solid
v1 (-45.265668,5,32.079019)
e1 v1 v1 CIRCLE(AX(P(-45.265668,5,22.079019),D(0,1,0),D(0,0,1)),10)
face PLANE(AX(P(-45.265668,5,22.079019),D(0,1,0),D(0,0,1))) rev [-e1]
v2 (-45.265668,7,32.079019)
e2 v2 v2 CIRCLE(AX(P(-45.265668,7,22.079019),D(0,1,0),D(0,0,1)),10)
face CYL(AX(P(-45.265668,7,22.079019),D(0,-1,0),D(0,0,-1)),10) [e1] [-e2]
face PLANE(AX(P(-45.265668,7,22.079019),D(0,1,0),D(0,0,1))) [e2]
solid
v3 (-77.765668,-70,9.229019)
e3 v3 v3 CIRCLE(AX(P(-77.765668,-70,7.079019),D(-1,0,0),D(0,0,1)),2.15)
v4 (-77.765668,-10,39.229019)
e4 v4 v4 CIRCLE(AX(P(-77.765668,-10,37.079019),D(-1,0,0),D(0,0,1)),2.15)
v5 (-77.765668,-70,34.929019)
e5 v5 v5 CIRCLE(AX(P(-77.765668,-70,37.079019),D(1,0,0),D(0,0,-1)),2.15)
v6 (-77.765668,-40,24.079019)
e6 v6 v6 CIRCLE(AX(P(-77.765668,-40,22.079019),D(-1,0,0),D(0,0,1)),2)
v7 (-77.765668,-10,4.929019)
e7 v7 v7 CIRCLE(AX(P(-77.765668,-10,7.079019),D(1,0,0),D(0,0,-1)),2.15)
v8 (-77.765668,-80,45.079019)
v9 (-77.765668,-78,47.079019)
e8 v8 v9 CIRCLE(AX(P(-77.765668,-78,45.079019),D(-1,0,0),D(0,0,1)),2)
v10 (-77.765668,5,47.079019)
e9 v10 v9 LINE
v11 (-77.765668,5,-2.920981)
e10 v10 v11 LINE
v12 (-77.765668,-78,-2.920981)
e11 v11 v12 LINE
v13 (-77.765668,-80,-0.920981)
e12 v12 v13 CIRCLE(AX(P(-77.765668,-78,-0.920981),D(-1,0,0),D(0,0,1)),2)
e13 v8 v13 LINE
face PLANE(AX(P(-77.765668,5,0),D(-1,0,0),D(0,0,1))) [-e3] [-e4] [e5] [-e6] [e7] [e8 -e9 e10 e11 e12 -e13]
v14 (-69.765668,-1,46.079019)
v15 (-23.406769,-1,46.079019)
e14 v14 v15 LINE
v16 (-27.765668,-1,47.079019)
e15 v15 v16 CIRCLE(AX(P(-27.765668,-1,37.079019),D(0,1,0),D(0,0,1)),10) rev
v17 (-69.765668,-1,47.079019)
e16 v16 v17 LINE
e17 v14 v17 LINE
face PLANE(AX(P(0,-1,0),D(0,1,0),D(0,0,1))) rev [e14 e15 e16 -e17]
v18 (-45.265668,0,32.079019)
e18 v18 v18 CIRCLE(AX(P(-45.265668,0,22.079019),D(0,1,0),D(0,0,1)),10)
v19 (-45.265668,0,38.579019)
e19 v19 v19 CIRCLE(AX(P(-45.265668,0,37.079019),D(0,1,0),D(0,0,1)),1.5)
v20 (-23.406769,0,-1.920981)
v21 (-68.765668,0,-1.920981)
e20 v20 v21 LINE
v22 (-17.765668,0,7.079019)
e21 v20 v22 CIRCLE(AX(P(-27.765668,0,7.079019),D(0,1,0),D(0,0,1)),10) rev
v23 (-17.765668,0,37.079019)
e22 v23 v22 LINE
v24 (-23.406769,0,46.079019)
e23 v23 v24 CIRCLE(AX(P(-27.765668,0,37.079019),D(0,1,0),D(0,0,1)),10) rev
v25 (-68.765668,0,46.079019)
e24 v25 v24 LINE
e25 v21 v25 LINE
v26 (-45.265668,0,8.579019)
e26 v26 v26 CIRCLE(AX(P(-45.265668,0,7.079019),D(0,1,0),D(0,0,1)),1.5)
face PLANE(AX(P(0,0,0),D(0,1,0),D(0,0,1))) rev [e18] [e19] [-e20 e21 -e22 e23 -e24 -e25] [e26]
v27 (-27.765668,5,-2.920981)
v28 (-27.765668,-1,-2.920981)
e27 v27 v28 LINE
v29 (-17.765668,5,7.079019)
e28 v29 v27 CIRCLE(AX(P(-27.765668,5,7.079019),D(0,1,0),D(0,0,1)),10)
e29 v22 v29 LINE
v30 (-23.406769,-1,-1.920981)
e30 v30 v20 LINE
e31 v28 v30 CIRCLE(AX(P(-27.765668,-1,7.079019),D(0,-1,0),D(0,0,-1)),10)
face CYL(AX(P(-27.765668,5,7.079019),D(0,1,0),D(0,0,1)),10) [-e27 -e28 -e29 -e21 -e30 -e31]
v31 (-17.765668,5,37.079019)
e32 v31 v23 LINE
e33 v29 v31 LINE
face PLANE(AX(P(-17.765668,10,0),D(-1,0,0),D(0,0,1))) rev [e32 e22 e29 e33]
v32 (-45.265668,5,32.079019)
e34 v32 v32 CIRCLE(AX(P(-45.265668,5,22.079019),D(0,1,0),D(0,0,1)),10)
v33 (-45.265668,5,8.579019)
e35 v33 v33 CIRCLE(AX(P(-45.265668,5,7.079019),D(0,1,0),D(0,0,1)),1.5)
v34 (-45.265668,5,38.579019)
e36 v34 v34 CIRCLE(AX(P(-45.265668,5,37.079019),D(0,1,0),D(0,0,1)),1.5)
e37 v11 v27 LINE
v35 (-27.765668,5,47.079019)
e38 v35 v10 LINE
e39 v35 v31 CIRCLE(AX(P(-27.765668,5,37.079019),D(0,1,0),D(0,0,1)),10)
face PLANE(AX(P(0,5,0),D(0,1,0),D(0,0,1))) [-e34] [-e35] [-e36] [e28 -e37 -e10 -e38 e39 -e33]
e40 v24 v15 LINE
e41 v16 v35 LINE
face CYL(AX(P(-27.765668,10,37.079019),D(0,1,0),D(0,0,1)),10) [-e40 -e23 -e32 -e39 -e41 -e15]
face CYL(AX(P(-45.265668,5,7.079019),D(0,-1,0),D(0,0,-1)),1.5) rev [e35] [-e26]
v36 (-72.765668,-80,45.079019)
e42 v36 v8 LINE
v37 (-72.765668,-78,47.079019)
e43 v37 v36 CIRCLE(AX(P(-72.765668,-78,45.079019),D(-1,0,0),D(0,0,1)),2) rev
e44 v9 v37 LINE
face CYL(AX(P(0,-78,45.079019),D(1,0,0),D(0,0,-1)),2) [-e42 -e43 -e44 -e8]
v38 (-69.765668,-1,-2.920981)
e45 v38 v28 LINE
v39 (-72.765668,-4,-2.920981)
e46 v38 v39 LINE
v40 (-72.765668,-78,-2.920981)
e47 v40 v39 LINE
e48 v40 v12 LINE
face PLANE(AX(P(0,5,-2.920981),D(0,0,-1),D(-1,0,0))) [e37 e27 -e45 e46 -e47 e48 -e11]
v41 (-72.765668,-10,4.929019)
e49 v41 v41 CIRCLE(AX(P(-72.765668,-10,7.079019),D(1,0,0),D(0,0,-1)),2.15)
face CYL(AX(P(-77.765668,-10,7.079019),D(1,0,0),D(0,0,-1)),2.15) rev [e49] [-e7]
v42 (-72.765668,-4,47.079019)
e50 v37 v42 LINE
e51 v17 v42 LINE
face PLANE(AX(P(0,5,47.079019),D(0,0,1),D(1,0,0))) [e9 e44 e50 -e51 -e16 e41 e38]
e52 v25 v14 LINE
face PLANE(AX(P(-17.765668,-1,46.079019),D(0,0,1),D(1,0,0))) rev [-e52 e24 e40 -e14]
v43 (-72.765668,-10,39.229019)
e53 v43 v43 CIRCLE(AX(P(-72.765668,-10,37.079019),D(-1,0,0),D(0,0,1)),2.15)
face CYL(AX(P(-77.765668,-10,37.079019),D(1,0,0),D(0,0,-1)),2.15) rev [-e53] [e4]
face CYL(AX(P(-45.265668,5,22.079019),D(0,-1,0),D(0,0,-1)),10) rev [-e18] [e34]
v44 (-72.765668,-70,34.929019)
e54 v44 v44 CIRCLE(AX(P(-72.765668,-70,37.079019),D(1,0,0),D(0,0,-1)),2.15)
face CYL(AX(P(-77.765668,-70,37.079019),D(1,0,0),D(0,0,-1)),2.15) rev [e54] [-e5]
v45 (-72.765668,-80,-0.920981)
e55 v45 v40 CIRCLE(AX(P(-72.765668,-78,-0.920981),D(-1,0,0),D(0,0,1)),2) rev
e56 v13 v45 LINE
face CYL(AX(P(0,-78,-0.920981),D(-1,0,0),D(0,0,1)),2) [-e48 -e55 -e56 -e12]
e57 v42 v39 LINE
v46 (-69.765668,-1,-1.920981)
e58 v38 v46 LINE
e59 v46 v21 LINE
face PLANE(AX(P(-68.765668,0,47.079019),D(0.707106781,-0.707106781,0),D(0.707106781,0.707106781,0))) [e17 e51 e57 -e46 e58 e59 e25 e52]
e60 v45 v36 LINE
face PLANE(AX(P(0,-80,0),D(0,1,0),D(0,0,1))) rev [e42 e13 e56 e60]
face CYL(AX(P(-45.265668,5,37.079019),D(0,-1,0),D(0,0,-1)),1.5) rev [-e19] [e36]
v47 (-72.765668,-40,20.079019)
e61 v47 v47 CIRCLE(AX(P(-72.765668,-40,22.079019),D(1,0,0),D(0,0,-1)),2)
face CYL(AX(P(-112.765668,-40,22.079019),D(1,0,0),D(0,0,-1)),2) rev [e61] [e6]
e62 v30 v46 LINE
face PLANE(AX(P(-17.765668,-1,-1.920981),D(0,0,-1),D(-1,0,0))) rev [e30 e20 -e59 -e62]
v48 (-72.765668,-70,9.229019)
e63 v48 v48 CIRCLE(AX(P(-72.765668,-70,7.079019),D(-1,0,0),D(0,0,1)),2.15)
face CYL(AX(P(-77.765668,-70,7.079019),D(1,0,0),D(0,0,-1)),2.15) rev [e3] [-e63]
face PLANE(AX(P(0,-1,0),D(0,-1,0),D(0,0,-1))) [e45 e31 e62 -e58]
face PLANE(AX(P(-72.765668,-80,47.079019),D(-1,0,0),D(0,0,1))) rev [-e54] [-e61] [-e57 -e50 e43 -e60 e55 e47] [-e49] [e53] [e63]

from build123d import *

# Parameters (mm, degrees)
SKETCH_1_R          = 1.5
SKETCH_1_R_2        = 10
EXTRUDE_2_DEPTH     = 5
SKETCH_3_W          = 5
SKETCH_3_H          = 50
EXTRUDE_4_DEPTH     = 80
SKETCH_4_R          = 2
CUT_EXTRUDE_1_DEPTH = 40
SKETCH_7_R          = 2.15
CUT_EXTRUDE_2_DEPTH = 120.337479599
CUT_EXTRUDE_3_DEPTH = 10
FILLET_2_R          = 2
SKETCH_13_W         = 50
SKETCH_13_H         = 4
EXTRUDE_5_DEPTH     = 4
CUT_EXTRUDE_4_DEPTH = 123.259965047
SKETCH_16_W         = 1
SKETCH_16_H         = 1
EXTRUDE_6_DEPTH     = 1
SKETCH_17_W         = 1
SKETCH_17_H         = 1
EXTRUDE_7_DEPTH     = 55
SKETCH_19_W         = 1
SKETCH_19_H         = 1
EXTRUDE_8_DEPTH     = 1
SKETCH_20_W         = 1
SKETCH_20_H         = 1
EXTRUDE_9_DEPTH     = 55
FILLET_3_R          = 10
SKETCH_21_R         = 10
EXTRUDE_10_DEPTH    = 2


with BuildPart() as part:
    # 草图1 → 凸台-拉伸2 (new body)
    with BuildSketch(Plane(origin=(0, 0, 0), x_dir=(1, 0, 0), z_dir=(0, 1, 0))):
        with BuildLine():
            Line((-77.765667575, 2.920980926), (-12.765667575, 2.920980926))
            ThreePointArc((-12.765667575, 2.920980926), (-2.159065857, -1.472417356), (2.234332425, -12.079019074))
            Line((2.234332425, -12.079019074), (2.234332425, -32.079019074))
            ThreePointArc((2.234332425, -32.079019074), (-2.159065857, -42.685620791), (-12.765667575, -47.079019074))
            Line((-12.765667575, -47.079019074), (-77.765667575, -47.079019074))
            Line((-77.765667575, -47.079019074), (-77.765667575, 2.920980926))
        make_face()
        with Locations(Location((-45.265667575, -37.079019074, 0), (0, 0, 270))):
            Circle(SKETCH_1_R, mode=Mode.SUBTRACT)
        with Locations(Location((-45.265667575, -22.079019074, 0), (0, 0, 270))):
            Circle(SKETCH_1_R_2, mode=Mode.SUBTRACT)
        with Locations(Location((-45.265667575, -7.079019074, 0), (0, 0, 270))):
            Circle(SKETCH_1_R, mode=Mode.SUBTRACT)
    extrude(amount=EXTRUDE_2_DEPTH)

    # 草图3 → 凸台-拉伸4 (add)
    with BuildSketch(Plane.XZ):
        with Locations((-75.265667575, 22.079019074)):
            Rectangle(SKETCH_3_W, SKETCH_3_H)
    extrude(amount=EXTRUDE_4_DEPTH)

    # 草图4 → 切除-拉伸1 (cut)
    with BuildSketch(Plane(origin=(-72.765667575, 0, 0), x_dir=(0, 0, -1), z_dir=(1, 0, 0))):
        with Locations((-22.079019074, -40)):
            Circle(SKETCH_4_R)
    extrude(amount=-CUT_EXTRUDE_1_DEPTH, mode=Mode.SUBTRACT)

    # 草图7 → 切除-拉伸2 (cut, through all)
    with BuildSketch(Plane(origin=(-72.765667575, 0, 0), x_dir=(0, 0, -1), z_dir=(1, 0, 0))):
        with Locations((-7.079019074, -10)):
            Circle(SKETCH_7_R)
        with Locations(Location((-37.079019074, -10, 0), (0, 0, 180))):
            Circle(SKETCH_7_R)
        with Locations(Location((-7.079019074, -70, 0), (0, 0, 180))):
            Circle(SKETCH_7_R)
        with Locations((-37.079019074, -70)):
            Circle(SKETCH_7_R)
    extrude(amount=-CUT_EXTRUDE_2_DEPTH, mode=Mode.SUBTRACT)

    # 草图12 → 切除-拉伸3 (cut)
    with BuildSketch(Plane.XZ):
        with BuildLine():
            Line((-17.765667575, 47.079019074), (-17.765667575, 22.079019074))
            Line((-17.765667575, 22.079019074), (-17.765667575, -2.920980926))
            Line((-17.765667575, -2.920980926), (-12.765667575, -2.920980926))
            ThreePointArc((-12.765667575, -2.920980926), (-2.159065857, 1.472417356), (2.234332425, 12.079019074))
            Line((2.234332425, 12.079019074), (2.234332425, 32.079019074))
            ThreePointArc((2.234332425, 32.079019074), (-2.159065857, 42.685620791), (-12.765667575, 47.079019074))
            Line((-12.765667575, 47.079019074), (-17.765667575, 47.079019074))
        make_face()
    extrude(amount=-CUT_EXTRUDE_3_DEPTH, mode=Mode.SUBTRACT)

    # 圆角2
    fillet_2_edges = [part.edges().sort_by_distance(p)[0] for p in [
        (-75.265667575, -80, -2.920980926),
        (-75.265667575, -80, 47.079019074),
    ]]
    fillet(fillet_2_edges, radius=FILLET_2_R)

    # 草图13 → 凸台-拉伸5 (add)
    with BuildSketch(Plane(origin=(-72.765667575, 0, 0), x_dir=(0, 0, -1), z_dir=(1, 0, 0))):
        with Locations((-22.079019074, -2)):
            Rectangle(SKETCH_13_W, SKETCH_13_H)
    extrude(amount=EXTRUDE_5_DEPTH)

    # 草图14 → 切除-拉伸4 (cut, through all)
    with BuildSketch(Plane(origin=(0, 0, -2.920980926), x_dir=(-1, 0, 0), z_dir=(0, 0, -1))):
        Polygon((68.765667575, 0), (72.765667575, -4), (68.765667575, -4), align=None)
    extrude(amount=-CUT_EXTRUDE_4_DEPTH, mode=Mode.SUBTRACT)

    # 草图16 → 凸台-拉伸6 (add)
    with BuildSketch(Plane.XZ):
        with Locations((-18.265667575, -2.420980926)):
            Rectangle(SKETCH_16_W, SKETCH_16_H)
    extrude(amount=EXTRUDE_6_DEPTH)

    # 草图17 → 凸台-拉伸7 (add)
    with BuildSketch(Plane.ZY.offset(18.765667575)):
        with Locations((-2.420980926, -0.5)):
            Rectangle(SKETCH_17_W, SKETCH_17_H)
    extrude(amount=EXTRUDE_7_DEPTH)

    # 草图19 → 凸台-拉伸8 (add)
    with BuildSketch(Plane.XZ):
        with Locations((-18.265667575, 46.579019074)):
            Rectangle(SKETCH_19_W, SKETCH_19_H)
    extrude(amount=EXTRUDE_8_DEPTH)

    # 草图20 → 凸台-拉伸9 (add)
    with BuildSketch(Plane.ZY.offset(18.765667575)):
        with Locations((46.579019074, -0.5)):
            Rectangle(SKETCH_20_W, SKETCH_20_H)
    extrude(amount=EXTRUDE_9_DEPTH)

    # 圆角3
    fillet_3_edges = [part.edges().sort_by_distance(p)[0] for p in [
        (-17.765667575, 2, -2.920980926),
        (-17.765667575, 2, 47.079019074),
    ]]
    fillet(fillet_3_edges, radius=FILLET_3_R)


with BuildPart() as body_2:
    # 草图21 → 凸台-拉伸10 (new body)
    with BuildSketch(Plane(origin=(0, 5, 0), x_dir=(1, 0, 0), z_dir=(0, 1, 0))):
        with Locations(Location((-45.265667575, -22.079019074, 0), (0, 0, 270))):
            Circle(SKETCH_21_R)
    extrude(amount=EXTRUDE_10_DEPTH)


solid = Compound([part.part, body_2.part])
